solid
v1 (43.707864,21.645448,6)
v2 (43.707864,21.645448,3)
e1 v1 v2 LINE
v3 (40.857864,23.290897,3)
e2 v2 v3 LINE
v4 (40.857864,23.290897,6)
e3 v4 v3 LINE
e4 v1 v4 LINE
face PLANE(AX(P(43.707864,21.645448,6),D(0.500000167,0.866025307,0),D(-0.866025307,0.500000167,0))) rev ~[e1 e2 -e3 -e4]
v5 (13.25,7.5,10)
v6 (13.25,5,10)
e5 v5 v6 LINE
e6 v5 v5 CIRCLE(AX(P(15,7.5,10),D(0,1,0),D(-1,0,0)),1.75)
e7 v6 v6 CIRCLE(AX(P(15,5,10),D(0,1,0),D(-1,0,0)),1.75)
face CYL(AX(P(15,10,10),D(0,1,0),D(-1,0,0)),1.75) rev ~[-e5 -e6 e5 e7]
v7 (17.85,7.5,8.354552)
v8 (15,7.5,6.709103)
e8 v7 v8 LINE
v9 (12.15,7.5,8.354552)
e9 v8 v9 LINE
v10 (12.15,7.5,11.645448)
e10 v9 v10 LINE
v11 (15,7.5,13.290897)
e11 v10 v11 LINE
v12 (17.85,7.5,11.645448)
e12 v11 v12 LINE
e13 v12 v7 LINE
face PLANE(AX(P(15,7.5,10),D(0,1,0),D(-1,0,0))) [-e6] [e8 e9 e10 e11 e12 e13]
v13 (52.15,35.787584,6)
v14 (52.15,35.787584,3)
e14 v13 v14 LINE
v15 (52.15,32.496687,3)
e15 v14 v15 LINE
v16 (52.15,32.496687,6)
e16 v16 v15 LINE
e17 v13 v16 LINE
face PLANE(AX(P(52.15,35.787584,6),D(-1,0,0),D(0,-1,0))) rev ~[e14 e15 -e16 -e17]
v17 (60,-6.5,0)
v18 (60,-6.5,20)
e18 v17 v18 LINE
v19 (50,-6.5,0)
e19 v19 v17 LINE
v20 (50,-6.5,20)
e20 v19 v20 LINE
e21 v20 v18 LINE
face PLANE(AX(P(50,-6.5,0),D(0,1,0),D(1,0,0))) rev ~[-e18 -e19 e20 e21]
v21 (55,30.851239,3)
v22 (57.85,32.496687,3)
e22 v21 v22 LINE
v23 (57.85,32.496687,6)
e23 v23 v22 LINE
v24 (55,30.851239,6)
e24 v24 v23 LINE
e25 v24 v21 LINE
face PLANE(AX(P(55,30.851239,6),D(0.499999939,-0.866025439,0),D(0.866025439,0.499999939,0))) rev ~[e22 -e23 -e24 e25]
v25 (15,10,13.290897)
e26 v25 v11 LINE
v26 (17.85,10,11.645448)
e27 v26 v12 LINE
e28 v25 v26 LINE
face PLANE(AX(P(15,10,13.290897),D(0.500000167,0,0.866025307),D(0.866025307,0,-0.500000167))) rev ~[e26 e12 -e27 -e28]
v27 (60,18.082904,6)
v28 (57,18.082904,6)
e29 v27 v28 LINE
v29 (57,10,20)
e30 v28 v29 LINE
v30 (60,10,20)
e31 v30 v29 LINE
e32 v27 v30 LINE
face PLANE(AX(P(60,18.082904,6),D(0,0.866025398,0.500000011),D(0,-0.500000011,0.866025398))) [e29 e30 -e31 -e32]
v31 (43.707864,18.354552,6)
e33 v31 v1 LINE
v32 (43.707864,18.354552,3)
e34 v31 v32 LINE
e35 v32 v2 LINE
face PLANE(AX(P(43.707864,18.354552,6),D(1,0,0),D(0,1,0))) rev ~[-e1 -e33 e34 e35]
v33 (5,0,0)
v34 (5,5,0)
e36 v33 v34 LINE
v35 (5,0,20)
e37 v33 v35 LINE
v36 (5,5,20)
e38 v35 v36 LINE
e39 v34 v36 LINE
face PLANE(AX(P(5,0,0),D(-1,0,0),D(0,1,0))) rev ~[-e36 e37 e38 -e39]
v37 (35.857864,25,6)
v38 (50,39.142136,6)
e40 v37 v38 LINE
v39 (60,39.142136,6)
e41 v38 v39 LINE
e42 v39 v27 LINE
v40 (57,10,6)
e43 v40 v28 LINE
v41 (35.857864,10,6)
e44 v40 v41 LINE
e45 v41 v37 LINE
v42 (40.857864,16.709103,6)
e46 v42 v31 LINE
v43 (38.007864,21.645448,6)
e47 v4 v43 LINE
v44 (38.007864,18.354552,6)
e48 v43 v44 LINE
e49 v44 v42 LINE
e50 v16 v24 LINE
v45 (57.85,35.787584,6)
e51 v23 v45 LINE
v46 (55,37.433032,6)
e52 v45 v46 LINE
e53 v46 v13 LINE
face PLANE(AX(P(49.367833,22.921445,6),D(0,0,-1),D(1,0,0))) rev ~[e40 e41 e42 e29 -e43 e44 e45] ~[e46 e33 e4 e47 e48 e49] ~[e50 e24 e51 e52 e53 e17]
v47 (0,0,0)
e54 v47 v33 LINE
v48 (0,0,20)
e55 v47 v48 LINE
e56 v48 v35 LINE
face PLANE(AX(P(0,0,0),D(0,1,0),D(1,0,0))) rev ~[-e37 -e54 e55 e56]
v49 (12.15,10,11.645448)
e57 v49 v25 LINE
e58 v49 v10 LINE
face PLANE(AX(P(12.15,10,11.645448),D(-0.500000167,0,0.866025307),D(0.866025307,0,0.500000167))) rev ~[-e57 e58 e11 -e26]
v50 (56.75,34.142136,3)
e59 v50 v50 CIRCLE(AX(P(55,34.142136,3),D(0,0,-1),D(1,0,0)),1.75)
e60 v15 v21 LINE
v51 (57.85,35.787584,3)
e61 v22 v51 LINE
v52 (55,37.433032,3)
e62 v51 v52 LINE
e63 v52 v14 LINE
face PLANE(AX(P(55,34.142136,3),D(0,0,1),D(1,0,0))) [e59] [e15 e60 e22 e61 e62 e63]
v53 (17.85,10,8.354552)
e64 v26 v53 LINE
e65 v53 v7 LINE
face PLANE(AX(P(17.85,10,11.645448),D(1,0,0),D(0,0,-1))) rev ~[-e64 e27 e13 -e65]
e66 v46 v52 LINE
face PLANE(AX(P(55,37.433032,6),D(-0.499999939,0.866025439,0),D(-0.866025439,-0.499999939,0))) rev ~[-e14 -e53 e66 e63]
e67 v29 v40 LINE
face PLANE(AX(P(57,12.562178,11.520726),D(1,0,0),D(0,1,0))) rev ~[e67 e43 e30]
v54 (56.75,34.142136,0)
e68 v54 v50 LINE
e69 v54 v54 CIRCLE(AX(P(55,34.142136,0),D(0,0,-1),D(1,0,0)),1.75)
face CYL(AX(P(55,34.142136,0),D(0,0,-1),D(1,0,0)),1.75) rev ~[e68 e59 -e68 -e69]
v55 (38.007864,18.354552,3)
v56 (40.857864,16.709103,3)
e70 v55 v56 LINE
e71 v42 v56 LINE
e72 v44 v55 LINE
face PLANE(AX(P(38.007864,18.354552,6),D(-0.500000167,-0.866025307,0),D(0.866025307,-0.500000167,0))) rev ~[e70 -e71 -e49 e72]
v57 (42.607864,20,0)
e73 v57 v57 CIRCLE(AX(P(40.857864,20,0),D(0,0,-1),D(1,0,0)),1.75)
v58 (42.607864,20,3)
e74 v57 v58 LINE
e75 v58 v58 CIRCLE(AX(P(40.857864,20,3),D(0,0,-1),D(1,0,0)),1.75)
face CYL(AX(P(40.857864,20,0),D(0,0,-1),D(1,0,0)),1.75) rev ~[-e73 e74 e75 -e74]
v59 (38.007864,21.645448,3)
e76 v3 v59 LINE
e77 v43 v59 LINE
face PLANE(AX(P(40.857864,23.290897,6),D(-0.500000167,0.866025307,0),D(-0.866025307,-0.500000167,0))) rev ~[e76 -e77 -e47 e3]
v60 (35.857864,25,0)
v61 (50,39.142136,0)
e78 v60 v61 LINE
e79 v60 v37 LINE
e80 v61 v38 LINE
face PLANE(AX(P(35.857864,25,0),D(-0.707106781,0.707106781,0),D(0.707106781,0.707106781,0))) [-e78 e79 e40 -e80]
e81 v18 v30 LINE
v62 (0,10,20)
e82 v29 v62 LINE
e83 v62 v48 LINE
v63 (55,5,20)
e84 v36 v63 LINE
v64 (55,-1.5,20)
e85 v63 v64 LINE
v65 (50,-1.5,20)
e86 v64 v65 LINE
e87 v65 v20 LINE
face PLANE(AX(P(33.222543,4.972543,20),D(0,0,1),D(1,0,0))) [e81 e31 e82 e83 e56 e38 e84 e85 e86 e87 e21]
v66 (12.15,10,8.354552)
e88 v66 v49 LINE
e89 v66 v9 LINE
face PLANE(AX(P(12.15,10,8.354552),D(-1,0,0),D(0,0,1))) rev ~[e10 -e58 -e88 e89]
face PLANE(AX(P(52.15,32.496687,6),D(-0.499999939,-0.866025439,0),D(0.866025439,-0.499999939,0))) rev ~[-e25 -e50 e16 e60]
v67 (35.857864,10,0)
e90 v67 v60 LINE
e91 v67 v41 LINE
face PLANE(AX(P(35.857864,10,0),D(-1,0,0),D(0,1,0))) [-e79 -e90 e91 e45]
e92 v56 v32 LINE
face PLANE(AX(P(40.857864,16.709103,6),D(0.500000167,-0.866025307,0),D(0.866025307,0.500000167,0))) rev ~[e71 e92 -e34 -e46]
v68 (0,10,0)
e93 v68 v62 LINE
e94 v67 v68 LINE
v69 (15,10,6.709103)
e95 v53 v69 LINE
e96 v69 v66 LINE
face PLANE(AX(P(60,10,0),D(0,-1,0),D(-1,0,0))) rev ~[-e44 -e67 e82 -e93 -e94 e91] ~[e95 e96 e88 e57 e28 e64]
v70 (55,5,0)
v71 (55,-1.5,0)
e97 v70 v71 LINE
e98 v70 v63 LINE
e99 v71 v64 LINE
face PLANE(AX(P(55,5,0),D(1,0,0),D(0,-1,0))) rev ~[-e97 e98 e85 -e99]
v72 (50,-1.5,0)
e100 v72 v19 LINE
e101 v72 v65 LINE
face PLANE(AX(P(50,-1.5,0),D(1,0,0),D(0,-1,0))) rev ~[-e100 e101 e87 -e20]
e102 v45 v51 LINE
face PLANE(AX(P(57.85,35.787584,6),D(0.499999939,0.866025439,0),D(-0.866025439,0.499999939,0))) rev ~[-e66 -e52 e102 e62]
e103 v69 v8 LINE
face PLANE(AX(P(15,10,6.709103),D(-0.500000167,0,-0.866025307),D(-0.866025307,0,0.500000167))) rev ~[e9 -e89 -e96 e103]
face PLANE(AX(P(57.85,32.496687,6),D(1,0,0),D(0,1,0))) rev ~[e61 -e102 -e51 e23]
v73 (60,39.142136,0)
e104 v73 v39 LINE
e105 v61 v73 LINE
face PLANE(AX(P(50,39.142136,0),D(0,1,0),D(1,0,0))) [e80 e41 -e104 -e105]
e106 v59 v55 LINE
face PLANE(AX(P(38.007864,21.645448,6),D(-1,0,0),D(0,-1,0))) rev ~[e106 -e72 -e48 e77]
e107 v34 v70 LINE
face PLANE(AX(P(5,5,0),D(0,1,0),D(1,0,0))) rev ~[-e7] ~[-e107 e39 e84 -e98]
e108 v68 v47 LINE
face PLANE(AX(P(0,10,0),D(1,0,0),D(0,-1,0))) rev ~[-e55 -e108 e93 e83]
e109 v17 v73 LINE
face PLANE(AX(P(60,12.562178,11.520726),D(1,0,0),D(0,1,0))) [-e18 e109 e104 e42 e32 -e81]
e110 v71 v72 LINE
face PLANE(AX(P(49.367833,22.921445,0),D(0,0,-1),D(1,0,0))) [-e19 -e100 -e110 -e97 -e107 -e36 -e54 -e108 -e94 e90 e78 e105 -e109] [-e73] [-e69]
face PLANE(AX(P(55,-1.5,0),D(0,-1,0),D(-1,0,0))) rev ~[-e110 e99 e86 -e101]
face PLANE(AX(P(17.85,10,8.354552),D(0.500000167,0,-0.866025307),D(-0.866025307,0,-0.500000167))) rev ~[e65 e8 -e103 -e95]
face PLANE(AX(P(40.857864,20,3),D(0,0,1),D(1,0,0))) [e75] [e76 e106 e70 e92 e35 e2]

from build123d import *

# Parameters (mm, degrees)
F1_DEPTH  = 20
F2_R      = 1.75
F3_DEPTH  = 6
F5_DEPTH  = 3
F7_DEPTH  = 3
F8_R      = 1.75
F9_DEPTH  = 16.501
F11_DEPTH = 2.5


with BuildPart() as f1:
    # F0 (on Top) → F1 (new body)
    with BuildSketch(Plane.XY):
        Polygon((0, 10), (0, 0), (5, 0), (5, 5), (55, 5), (55, -1.5), (50, -1.5), (50, -6.5), (60, -6.5), (60, 10), align=None)
    extrude(amount=F1_DEPTH)

    # F2 (on face) → F3 (join)
    with BuildSketch(Plane(origin=(0, 0, 0), x_dir=(1, 0, 0), z_dir=(0, 0, -1))):
        Polygon((60, -39.142136), (60, -10), (35.857864, -10), (35.857864, -25), (50, -39.142136), align=None)
        with Locations((55, -34.142136)):
            Circle(F2_R, mode=Mode.SUBTRACT)
        with Locations((40.857864, -20)):
            Circle(F2_R, mode=Mode.SUBTRACT)
    extrude(amount=-F3_DEPTH)

    # F4 (on face) → F5 (cut)
    with BuildSketch(Plane.XY.offset(6)):
        Polygon((38.007864, 21.645448), (38.007864, 18.354552), (40.857864, 16.709103), (43.707864, 18.354552), (43.707864, 21.645448), (40.857864, 23.290897), align=None)
        Polygon((57.85, 32.496687), (57.85, 35.787584), (55, 37.433032), (52.15, 35.787584), (52.15, 32.496687), (55, 30.851239), align=None)
    extrude(amount=-F5_DEPTH, mode=Mode.SUBTRACT)

    # F6 (on face) → F7 (join)
    with BuildSketch(Plane.YZ.offset(60)):
        Polygon((18.082904, 6), (10, 20), (10, 6), align=None)
    extrude(amount=-F7_DEPTH)

    # F8 (on face) → F9 (cut, through all)
    with BuildSketch(Plane(origin=(0, 10, 0), x_dir=(-1, 0, 0), z_dir=(0, 1, 0))):
        with Locations((-15, 10)):
            Circle(F8_R)
    extrude(amount=-F9_DEPTH, mode=Mode.SUBTRACT)

    # F10 (on face) → F11 (cut)
    with BuildSketch(Plane(origin=(0, 10, 0), x_dir=(-1, 0, 0), z_dir=(0, 1, 0))):
        Polygon((-12.15, 8.354552), (-12.15, 11.645448), (-15, 13.290897), (-17.85, 11.645448), (-17.85, 8.354552), (-15, 6.709103), align=None)
    extrude(amount=-F11_DEPTH, mode=Mode.SUBTRACT)


solid = f1.part
